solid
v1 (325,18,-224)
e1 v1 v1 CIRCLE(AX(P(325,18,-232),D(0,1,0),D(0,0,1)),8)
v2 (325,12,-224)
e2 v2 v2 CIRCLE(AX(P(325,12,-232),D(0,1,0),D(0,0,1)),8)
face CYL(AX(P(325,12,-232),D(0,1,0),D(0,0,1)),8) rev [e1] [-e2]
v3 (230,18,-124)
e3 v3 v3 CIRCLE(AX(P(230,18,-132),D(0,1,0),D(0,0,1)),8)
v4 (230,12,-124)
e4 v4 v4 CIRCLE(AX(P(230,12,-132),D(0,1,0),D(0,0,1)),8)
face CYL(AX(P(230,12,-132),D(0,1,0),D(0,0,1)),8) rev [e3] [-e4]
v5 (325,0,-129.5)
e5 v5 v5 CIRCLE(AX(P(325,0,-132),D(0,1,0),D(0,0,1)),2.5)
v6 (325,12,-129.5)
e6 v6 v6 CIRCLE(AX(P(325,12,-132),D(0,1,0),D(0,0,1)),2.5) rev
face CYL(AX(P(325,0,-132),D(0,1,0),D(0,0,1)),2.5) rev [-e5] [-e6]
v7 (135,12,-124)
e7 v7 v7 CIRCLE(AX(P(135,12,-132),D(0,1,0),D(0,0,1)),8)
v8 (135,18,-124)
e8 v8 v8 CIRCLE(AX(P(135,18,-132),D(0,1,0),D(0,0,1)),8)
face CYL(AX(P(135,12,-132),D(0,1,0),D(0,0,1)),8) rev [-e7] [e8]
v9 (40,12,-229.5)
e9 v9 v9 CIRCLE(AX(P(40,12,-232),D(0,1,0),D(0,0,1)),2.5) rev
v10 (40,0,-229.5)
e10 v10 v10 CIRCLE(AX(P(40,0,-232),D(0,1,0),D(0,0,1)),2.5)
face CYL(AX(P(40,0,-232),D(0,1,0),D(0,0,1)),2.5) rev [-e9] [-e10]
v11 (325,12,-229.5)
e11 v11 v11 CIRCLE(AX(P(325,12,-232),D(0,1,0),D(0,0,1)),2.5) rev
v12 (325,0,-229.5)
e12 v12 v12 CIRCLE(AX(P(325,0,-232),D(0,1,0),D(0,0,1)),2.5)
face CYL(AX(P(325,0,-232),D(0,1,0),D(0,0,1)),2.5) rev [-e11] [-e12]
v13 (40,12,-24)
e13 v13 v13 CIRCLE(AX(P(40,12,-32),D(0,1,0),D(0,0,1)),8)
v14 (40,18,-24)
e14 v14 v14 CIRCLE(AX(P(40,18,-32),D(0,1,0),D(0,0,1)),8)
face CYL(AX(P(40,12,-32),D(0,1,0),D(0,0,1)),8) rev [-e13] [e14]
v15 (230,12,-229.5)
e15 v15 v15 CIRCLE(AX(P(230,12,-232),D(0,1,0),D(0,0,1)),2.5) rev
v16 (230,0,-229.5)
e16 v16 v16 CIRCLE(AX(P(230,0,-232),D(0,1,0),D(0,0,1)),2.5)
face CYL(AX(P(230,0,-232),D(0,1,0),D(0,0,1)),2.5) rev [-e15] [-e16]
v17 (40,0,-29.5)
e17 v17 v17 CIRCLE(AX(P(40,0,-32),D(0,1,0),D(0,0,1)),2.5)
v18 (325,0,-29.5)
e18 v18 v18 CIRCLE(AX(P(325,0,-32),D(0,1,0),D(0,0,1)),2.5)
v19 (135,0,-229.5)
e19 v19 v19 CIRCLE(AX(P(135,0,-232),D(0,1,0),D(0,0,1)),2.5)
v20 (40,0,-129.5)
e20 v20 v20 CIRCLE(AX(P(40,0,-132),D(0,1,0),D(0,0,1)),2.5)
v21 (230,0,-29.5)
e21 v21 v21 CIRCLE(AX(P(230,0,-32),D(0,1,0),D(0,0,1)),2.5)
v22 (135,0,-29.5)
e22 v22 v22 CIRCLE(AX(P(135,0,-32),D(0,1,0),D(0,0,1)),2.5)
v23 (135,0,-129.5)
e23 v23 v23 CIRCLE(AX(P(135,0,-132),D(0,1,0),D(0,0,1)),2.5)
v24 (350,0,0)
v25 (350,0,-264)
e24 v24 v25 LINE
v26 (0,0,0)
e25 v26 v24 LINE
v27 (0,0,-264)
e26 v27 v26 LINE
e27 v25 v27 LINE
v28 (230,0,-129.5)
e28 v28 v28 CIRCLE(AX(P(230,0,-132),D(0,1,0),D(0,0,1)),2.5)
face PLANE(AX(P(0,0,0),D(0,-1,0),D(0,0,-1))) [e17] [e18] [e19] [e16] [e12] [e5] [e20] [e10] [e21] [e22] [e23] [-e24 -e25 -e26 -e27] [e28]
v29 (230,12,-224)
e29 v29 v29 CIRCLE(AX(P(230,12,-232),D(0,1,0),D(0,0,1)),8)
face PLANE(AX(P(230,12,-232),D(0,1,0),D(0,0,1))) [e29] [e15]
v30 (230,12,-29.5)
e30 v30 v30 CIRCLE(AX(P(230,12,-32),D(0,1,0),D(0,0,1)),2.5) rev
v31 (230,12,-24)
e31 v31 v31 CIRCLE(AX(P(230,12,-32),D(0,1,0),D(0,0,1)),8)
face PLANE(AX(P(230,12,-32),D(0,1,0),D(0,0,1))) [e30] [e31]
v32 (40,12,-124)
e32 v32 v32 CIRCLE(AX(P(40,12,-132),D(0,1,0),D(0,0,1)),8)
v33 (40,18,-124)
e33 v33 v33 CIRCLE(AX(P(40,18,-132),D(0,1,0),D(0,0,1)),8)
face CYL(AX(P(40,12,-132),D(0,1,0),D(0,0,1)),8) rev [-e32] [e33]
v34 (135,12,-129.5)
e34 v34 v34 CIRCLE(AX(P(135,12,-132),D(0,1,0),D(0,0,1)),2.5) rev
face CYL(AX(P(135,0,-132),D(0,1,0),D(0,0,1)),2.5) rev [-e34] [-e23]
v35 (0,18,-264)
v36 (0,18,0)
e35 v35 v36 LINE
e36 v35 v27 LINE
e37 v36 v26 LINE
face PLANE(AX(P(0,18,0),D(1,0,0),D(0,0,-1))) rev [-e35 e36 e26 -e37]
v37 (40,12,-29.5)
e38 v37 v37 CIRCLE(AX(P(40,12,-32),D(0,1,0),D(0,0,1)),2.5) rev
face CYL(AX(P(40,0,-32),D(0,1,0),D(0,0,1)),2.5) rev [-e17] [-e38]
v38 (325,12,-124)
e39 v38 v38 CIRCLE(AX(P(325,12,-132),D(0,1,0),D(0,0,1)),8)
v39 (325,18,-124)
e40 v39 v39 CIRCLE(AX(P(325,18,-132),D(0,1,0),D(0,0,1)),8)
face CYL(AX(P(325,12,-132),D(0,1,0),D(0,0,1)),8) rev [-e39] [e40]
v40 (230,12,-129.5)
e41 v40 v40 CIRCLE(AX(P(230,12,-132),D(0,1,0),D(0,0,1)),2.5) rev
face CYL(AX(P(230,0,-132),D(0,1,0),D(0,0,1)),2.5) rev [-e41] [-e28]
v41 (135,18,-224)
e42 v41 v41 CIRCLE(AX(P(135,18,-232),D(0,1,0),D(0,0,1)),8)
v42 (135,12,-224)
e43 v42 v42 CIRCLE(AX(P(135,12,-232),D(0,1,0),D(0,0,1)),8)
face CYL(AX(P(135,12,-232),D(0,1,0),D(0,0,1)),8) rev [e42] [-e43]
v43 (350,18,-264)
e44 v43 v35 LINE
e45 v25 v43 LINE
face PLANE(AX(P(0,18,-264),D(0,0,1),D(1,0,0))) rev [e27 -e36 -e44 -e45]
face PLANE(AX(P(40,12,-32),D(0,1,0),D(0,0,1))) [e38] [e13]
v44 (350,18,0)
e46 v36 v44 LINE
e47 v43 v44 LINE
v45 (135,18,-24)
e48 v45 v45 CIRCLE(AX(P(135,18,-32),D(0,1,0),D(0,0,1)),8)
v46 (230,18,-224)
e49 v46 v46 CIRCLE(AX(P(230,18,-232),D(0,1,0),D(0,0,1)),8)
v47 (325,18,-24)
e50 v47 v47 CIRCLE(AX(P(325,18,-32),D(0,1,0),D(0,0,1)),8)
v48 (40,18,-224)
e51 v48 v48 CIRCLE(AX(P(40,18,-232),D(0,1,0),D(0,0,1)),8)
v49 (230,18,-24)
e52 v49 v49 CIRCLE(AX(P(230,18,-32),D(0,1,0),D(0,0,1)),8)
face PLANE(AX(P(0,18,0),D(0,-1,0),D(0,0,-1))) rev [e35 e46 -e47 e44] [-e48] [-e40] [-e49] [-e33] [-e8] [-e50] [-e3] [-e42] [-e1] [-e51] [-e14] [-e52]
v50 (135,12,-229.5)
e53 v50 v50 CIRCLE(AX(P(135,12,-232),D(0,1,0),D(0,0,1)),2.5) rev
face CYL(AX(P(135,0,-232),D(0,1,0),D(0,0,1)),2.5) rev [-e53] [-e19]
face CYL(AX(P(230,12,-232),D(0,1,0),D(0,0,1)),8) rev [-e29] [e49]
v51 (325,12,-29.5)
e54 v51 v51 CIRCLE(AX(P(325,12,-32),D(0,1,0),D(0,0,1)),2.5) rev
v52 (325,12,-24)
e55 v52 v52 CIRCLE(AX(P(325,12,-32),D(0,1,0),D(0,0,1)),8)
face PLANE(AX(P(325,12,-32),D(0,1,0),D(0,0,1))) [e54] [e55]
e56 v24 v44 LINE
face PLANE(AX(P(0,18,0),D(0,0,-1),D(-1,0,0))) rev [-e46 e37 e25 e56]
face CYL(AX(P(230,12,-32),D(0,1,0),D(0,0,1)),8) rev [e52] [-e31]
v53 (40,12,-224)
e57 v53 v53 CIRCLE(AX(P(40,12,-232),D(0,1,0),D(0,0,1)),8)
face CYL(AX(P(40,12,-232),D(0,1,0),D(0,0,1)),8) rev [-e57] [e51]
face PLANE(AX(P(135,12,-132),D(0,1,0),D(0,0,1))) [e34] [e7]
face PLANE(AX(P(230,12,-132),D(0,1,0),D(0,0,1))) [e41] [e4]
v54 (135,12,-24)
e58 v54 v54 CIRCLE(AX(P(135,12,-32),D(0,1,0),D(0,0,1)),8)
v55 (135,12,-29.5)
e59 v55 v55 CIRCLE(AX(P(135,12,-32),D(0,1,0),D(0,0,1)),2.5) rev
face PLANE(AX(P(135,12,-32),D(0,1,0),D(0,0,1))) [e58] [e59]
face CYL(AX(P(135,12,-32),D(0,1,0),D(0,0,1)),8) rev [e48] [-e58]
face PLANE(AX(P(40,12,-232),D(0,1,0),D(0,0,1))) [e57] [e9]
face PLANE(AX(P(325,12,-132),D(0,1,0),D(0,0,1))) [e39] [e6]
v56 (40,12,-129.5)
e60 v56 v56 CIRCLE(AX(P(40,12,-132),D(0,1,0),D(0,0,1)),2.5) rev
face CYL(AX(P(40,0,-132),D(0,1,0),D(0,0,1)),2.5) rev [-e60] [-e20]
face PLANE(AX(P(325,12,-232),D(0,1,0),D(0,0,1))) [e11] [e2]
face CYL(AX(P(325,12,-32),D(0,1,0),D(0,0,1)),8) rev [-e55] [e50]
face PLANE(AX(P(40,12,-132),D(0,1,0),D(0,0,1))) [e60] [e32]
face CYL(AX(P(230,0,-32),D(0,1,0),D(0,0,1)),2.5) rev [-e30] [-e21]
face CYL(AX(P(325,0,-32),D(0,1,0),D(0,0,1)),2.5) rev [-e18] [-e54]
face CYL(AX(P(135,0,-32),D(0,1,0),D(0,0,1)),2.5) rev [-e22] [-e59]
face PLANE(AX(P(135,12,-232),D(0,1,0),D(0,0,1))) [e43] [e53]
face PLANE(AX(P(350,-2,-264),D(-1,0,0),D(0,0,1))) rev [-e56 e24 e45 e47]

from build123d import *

# Parameters (mm, degrees)
SKETCH2_W           = 920
SKETCH2_H           = 264
BOSS_EXTRUDE1_DEPTH = 18
SKETCH1_R           = 2.5
CUT_EXTRUDE2_DEPTH  = 18
SKETCH3_R           = 8
CUT_EXTRUDE3_DEPTH  = 6
SKETCH4_W           = 570
SKETCH4_H           = 264
CUT_EXTRUDE4_DEPTH  = 20


with BuildPart() as part:
    # Sketch2 → Boss-Extrude1 (new body)
    with BuildSketch(Plane(origin=(0, 0, 0), x_dir=(1, 0, 0), z_dir=(0, 1, 0))):
        with Locations((460, 132)):
            Rectangle(SKETCH2_W, SKETCH2_H)
    extrude(amount=BOSS_EXTRUDE1_DEPTH)

    # Sketch1 → Cut-Extrude2 (cut)
    with BuildSketch(Plane(origin=(0, 18, 0), x_dir=(1, 0, 0), z_dir=(0, 1, 0))):
        with Locations(Location((40, 32, 0), (0, 0, 270))):
            Circle(SKETCH1_R)
        with Locations(Location((135, 32, 0), (0, 0, 270))):
            Circle(SKETCH1_R)
        with Locations(Location((230, 32, 0), (0, 0, 270))):
            Circle(SKETCH1_R)
        with Locations(Location((325, 32, 0), (0, 0, 270))):
            Circle(SKETCH1_R)
        with Locations(Location((420, 32, 0), (0, 0, 270))):
            Circle(SKETCH1_R)
        with Locations(Location((515, 32, 0), (0, 0, 270))):
            Circle(SKETCH1_R)
        with Locations(Location((610, 32, 0), (0, 0, 270))):
            Circle(SKETCH1_R)
        with Locations(Location((705, 32, 0), (0, 0, 270))):
            Circle(SKETCH1_R)
        with Locations(Location((800, 32, 0), (0, 0, 270))):
            Circle(SKETCH1_R)
        with Locations(Location((895, 32, 0), (0, 0, 270))):
            Circle(SKETCH1_R)
        with Locations(Location((135, 132, 0), (0, 0, 270))):
            Circle(SKETCH1_R)
        with Locations(Location((230, 132, 0), (0, 0, 270))):
            Circle(SKETCH1_R)
        with Locations(Location((325, 132, 0), (0, 0, 270))):
            Circle(SKETCH1_R)
        with Locations(Location((420, 132, 0), (0, 0, 270))):
            Circle(SKETCH1_R)
        with Locations(Location((515, 132, 0), (0, 0, 270))):
            Circle(SKETCH1_R)
        with Locations(Location((610, 132, 0), (0, 0, 270))):
            Circle(SKETCH1_R)
        with Locations(Location((705, 132, 0), (0, 0, 270))):
            Circle(SKETCH1_R)
        with Locations(Location((800, 132, 0), (0, 0, 270))):
            Circle(SKETCH1_R)
        with Locations(Location((895, 132, 0), (0, 0, 270))):
            Circle(SKETCH1_R)
        with Locations(Location((135, 232, 0), (0, 0, 270))):
            Circle(SKETCH1_R)
        with Locations(Location((230, 232, 0), (0, 0, 270))):
            Circle(SKETCH1_R)
        with Locations(Location((325, 232, 0), (0, 0, 270))):
            Circle(SKETCH1_R)
        with Locations(Location((420, 232, 0), (0, 0, 270))):
            Circle(SKETCH1_R)
        with Locations(Location((515, 232, 0), (0, 0, 270))):
            Circle(SKETCH1_R)
        with Locations(Location((610, 232, 0), (0, 0, 270))):
            Circle(SKETCH1_R)
        with Locations(Location((705, 232, 0), (0, 0, 270))):
            Circle(SKETCH1_R)
        with Locations(Location((800, 232, 0), (0, 0, 270))):
            Circle(SKETCH1_R)
        with Locations(Location((895, 232, 0), (0, 0, 270))):
            Circle(SKETCH1_R)
        with Locations(Location((40, 132, 0), (0, 0, 270))):
            Circle(SKETCH1_R)
        with Locations(Location((40, 232, 0), (0, 0, 270))):
            Circle(SKETCH1_R)
    extrude(amount=-CUT_EXTRUDE2_DEPTH, mode=Mode.SUBTRACT)

    # Sketch3 → Cut-Extrude3 (cut)
    with BuildSketch(Plane(origin=(0, 18, 0), x_dir=(1, 0, 0), z_dir=(0, 1, 0))):
        with Locations(Location((40, 32, 0), (0, 0, 270))):
            Circle(SKETCH3_R)
        with Locations(Location((135, 32, 0), (0, 0, 270))):
            Circle(SKETCH3_R)
        with Locations(Location((230, 32, 0), (0, 0, 270))):
            Circle(SKETCH3_R)
        with Locations(Location((325, 32, 0), (0, 0, 270))):
            Circle(SKETCH3_R)
        with Locations(Location((420, 32, 0), (0, 0, 270))):
            Circle(SKETCH3_R)
        with Locations(Location((515, 32, 0), (0, 0, 270))):
            Circle(SKETCH3_R)
        with Locations(Location((610, 32, 0), (0, 0, 270))):
            Circle(SKETCH3_R)
        with Locations(Location((705, 32, 0), (0, 0, 270))):
            Circle(SKETCH3_R)
        with Locations(Location((800, 32, 0), (0, 0, 270))):
            Circle(SKETCH3_R)
        with Locations(Location((895, 32, 0), (0, 0, 270))):
            Circle(SKETCH3_R)
        with Locations(Location((135, 132, 0), (0, 0, 270))):
            Circle(SKETCH3_R)
        with Locations(Location((230, 132, 0), (0, 0, 270))):
            Circle(SKETCH3_R)
        with Locations(Location((325, 132, 0), (0, 0, 270))):
            Circle(SKETCH3_R)
        with Locations(Location((420, 132, 0), (0, 0, 270))):
            Circle(SKETCH3_R)
        with Locations(Location((515, 132, 0), (0, 0, 270))):
            Circle(SKETCH3_R)
        with Locations(Location((610, 132, 0), (0, 0, 270))):
            Circle(SKETCH3_R)
        with Locations(Location((705, 132, 0), (0, 0, 270))):
            Circle(SKETCH3_R)
        with Locations(Location((800, 132, 0), (0, 0, 270))):
            Circle(SKETCH3_R)
        with Locations(Location((895, 132, 0), (0, 0, 270))):
            Circle(SKETCH3_R)
        with Locations(Location((135, 232, 0), (0, 0, 270))):
            Circle(SKETCH3_R)
        with Locations(Location((230, 232, 0), (0, 0, 270))):
            Circle(SKETCH3_R)
        with Locations(Location((325, 232, 0), (0, 0, 270))):
            Circle(SKETCH3_R)
        with Locations(Location((420, 232, 0), (0, 0, 270))):
            Circle(SKETCH3_R)
        with Locations(Location((515, 232, 0), (0, 0, 270))):
            Circle(SKETCH3_R)
        with Locations(Location((610, 232, 0), (0, 0, 270))):
            Circle(SKETCH3_R)
        with Locations(Location((705, 232, 0), (0, 0, 270))):
            Circle(SKETCH3_R)
        with Locations(Location((800, 232, 0), (0, 0, 270))):
            Circle(SKETCH3_R)
        with Locations(Location((895, 232, 0), (0, 0, 270))):
            Circle(SKETCH3_R)
        with Locations(Location((40, 132, 0), (0, 0, 270))):
            Circle(SKETCH3_R)
        with Locations(Location((40, 232, 0), (0, 0, 270))):
            Circle(SKETCH3_R)
    extrude(amount=-CUT_EXTRUDE3_DEPTH, mode=Mode.SUBTRACT)

    # Sketch4 → Cut-Extrude4 (cut)
    with BuildSketch(Plane(origin=(0, 18, 0), x_dir=(1, 0, 0), z_dir=(0, 1, 0))):
        with Locations((635, 132)):
            Rectangle(SKETCH4_W, SKETCH4_H)
    extrude(amount=-CUT_EXTRUDE4_DEPTH, mode=Mode.SUBTRACT)


solid = part.part
